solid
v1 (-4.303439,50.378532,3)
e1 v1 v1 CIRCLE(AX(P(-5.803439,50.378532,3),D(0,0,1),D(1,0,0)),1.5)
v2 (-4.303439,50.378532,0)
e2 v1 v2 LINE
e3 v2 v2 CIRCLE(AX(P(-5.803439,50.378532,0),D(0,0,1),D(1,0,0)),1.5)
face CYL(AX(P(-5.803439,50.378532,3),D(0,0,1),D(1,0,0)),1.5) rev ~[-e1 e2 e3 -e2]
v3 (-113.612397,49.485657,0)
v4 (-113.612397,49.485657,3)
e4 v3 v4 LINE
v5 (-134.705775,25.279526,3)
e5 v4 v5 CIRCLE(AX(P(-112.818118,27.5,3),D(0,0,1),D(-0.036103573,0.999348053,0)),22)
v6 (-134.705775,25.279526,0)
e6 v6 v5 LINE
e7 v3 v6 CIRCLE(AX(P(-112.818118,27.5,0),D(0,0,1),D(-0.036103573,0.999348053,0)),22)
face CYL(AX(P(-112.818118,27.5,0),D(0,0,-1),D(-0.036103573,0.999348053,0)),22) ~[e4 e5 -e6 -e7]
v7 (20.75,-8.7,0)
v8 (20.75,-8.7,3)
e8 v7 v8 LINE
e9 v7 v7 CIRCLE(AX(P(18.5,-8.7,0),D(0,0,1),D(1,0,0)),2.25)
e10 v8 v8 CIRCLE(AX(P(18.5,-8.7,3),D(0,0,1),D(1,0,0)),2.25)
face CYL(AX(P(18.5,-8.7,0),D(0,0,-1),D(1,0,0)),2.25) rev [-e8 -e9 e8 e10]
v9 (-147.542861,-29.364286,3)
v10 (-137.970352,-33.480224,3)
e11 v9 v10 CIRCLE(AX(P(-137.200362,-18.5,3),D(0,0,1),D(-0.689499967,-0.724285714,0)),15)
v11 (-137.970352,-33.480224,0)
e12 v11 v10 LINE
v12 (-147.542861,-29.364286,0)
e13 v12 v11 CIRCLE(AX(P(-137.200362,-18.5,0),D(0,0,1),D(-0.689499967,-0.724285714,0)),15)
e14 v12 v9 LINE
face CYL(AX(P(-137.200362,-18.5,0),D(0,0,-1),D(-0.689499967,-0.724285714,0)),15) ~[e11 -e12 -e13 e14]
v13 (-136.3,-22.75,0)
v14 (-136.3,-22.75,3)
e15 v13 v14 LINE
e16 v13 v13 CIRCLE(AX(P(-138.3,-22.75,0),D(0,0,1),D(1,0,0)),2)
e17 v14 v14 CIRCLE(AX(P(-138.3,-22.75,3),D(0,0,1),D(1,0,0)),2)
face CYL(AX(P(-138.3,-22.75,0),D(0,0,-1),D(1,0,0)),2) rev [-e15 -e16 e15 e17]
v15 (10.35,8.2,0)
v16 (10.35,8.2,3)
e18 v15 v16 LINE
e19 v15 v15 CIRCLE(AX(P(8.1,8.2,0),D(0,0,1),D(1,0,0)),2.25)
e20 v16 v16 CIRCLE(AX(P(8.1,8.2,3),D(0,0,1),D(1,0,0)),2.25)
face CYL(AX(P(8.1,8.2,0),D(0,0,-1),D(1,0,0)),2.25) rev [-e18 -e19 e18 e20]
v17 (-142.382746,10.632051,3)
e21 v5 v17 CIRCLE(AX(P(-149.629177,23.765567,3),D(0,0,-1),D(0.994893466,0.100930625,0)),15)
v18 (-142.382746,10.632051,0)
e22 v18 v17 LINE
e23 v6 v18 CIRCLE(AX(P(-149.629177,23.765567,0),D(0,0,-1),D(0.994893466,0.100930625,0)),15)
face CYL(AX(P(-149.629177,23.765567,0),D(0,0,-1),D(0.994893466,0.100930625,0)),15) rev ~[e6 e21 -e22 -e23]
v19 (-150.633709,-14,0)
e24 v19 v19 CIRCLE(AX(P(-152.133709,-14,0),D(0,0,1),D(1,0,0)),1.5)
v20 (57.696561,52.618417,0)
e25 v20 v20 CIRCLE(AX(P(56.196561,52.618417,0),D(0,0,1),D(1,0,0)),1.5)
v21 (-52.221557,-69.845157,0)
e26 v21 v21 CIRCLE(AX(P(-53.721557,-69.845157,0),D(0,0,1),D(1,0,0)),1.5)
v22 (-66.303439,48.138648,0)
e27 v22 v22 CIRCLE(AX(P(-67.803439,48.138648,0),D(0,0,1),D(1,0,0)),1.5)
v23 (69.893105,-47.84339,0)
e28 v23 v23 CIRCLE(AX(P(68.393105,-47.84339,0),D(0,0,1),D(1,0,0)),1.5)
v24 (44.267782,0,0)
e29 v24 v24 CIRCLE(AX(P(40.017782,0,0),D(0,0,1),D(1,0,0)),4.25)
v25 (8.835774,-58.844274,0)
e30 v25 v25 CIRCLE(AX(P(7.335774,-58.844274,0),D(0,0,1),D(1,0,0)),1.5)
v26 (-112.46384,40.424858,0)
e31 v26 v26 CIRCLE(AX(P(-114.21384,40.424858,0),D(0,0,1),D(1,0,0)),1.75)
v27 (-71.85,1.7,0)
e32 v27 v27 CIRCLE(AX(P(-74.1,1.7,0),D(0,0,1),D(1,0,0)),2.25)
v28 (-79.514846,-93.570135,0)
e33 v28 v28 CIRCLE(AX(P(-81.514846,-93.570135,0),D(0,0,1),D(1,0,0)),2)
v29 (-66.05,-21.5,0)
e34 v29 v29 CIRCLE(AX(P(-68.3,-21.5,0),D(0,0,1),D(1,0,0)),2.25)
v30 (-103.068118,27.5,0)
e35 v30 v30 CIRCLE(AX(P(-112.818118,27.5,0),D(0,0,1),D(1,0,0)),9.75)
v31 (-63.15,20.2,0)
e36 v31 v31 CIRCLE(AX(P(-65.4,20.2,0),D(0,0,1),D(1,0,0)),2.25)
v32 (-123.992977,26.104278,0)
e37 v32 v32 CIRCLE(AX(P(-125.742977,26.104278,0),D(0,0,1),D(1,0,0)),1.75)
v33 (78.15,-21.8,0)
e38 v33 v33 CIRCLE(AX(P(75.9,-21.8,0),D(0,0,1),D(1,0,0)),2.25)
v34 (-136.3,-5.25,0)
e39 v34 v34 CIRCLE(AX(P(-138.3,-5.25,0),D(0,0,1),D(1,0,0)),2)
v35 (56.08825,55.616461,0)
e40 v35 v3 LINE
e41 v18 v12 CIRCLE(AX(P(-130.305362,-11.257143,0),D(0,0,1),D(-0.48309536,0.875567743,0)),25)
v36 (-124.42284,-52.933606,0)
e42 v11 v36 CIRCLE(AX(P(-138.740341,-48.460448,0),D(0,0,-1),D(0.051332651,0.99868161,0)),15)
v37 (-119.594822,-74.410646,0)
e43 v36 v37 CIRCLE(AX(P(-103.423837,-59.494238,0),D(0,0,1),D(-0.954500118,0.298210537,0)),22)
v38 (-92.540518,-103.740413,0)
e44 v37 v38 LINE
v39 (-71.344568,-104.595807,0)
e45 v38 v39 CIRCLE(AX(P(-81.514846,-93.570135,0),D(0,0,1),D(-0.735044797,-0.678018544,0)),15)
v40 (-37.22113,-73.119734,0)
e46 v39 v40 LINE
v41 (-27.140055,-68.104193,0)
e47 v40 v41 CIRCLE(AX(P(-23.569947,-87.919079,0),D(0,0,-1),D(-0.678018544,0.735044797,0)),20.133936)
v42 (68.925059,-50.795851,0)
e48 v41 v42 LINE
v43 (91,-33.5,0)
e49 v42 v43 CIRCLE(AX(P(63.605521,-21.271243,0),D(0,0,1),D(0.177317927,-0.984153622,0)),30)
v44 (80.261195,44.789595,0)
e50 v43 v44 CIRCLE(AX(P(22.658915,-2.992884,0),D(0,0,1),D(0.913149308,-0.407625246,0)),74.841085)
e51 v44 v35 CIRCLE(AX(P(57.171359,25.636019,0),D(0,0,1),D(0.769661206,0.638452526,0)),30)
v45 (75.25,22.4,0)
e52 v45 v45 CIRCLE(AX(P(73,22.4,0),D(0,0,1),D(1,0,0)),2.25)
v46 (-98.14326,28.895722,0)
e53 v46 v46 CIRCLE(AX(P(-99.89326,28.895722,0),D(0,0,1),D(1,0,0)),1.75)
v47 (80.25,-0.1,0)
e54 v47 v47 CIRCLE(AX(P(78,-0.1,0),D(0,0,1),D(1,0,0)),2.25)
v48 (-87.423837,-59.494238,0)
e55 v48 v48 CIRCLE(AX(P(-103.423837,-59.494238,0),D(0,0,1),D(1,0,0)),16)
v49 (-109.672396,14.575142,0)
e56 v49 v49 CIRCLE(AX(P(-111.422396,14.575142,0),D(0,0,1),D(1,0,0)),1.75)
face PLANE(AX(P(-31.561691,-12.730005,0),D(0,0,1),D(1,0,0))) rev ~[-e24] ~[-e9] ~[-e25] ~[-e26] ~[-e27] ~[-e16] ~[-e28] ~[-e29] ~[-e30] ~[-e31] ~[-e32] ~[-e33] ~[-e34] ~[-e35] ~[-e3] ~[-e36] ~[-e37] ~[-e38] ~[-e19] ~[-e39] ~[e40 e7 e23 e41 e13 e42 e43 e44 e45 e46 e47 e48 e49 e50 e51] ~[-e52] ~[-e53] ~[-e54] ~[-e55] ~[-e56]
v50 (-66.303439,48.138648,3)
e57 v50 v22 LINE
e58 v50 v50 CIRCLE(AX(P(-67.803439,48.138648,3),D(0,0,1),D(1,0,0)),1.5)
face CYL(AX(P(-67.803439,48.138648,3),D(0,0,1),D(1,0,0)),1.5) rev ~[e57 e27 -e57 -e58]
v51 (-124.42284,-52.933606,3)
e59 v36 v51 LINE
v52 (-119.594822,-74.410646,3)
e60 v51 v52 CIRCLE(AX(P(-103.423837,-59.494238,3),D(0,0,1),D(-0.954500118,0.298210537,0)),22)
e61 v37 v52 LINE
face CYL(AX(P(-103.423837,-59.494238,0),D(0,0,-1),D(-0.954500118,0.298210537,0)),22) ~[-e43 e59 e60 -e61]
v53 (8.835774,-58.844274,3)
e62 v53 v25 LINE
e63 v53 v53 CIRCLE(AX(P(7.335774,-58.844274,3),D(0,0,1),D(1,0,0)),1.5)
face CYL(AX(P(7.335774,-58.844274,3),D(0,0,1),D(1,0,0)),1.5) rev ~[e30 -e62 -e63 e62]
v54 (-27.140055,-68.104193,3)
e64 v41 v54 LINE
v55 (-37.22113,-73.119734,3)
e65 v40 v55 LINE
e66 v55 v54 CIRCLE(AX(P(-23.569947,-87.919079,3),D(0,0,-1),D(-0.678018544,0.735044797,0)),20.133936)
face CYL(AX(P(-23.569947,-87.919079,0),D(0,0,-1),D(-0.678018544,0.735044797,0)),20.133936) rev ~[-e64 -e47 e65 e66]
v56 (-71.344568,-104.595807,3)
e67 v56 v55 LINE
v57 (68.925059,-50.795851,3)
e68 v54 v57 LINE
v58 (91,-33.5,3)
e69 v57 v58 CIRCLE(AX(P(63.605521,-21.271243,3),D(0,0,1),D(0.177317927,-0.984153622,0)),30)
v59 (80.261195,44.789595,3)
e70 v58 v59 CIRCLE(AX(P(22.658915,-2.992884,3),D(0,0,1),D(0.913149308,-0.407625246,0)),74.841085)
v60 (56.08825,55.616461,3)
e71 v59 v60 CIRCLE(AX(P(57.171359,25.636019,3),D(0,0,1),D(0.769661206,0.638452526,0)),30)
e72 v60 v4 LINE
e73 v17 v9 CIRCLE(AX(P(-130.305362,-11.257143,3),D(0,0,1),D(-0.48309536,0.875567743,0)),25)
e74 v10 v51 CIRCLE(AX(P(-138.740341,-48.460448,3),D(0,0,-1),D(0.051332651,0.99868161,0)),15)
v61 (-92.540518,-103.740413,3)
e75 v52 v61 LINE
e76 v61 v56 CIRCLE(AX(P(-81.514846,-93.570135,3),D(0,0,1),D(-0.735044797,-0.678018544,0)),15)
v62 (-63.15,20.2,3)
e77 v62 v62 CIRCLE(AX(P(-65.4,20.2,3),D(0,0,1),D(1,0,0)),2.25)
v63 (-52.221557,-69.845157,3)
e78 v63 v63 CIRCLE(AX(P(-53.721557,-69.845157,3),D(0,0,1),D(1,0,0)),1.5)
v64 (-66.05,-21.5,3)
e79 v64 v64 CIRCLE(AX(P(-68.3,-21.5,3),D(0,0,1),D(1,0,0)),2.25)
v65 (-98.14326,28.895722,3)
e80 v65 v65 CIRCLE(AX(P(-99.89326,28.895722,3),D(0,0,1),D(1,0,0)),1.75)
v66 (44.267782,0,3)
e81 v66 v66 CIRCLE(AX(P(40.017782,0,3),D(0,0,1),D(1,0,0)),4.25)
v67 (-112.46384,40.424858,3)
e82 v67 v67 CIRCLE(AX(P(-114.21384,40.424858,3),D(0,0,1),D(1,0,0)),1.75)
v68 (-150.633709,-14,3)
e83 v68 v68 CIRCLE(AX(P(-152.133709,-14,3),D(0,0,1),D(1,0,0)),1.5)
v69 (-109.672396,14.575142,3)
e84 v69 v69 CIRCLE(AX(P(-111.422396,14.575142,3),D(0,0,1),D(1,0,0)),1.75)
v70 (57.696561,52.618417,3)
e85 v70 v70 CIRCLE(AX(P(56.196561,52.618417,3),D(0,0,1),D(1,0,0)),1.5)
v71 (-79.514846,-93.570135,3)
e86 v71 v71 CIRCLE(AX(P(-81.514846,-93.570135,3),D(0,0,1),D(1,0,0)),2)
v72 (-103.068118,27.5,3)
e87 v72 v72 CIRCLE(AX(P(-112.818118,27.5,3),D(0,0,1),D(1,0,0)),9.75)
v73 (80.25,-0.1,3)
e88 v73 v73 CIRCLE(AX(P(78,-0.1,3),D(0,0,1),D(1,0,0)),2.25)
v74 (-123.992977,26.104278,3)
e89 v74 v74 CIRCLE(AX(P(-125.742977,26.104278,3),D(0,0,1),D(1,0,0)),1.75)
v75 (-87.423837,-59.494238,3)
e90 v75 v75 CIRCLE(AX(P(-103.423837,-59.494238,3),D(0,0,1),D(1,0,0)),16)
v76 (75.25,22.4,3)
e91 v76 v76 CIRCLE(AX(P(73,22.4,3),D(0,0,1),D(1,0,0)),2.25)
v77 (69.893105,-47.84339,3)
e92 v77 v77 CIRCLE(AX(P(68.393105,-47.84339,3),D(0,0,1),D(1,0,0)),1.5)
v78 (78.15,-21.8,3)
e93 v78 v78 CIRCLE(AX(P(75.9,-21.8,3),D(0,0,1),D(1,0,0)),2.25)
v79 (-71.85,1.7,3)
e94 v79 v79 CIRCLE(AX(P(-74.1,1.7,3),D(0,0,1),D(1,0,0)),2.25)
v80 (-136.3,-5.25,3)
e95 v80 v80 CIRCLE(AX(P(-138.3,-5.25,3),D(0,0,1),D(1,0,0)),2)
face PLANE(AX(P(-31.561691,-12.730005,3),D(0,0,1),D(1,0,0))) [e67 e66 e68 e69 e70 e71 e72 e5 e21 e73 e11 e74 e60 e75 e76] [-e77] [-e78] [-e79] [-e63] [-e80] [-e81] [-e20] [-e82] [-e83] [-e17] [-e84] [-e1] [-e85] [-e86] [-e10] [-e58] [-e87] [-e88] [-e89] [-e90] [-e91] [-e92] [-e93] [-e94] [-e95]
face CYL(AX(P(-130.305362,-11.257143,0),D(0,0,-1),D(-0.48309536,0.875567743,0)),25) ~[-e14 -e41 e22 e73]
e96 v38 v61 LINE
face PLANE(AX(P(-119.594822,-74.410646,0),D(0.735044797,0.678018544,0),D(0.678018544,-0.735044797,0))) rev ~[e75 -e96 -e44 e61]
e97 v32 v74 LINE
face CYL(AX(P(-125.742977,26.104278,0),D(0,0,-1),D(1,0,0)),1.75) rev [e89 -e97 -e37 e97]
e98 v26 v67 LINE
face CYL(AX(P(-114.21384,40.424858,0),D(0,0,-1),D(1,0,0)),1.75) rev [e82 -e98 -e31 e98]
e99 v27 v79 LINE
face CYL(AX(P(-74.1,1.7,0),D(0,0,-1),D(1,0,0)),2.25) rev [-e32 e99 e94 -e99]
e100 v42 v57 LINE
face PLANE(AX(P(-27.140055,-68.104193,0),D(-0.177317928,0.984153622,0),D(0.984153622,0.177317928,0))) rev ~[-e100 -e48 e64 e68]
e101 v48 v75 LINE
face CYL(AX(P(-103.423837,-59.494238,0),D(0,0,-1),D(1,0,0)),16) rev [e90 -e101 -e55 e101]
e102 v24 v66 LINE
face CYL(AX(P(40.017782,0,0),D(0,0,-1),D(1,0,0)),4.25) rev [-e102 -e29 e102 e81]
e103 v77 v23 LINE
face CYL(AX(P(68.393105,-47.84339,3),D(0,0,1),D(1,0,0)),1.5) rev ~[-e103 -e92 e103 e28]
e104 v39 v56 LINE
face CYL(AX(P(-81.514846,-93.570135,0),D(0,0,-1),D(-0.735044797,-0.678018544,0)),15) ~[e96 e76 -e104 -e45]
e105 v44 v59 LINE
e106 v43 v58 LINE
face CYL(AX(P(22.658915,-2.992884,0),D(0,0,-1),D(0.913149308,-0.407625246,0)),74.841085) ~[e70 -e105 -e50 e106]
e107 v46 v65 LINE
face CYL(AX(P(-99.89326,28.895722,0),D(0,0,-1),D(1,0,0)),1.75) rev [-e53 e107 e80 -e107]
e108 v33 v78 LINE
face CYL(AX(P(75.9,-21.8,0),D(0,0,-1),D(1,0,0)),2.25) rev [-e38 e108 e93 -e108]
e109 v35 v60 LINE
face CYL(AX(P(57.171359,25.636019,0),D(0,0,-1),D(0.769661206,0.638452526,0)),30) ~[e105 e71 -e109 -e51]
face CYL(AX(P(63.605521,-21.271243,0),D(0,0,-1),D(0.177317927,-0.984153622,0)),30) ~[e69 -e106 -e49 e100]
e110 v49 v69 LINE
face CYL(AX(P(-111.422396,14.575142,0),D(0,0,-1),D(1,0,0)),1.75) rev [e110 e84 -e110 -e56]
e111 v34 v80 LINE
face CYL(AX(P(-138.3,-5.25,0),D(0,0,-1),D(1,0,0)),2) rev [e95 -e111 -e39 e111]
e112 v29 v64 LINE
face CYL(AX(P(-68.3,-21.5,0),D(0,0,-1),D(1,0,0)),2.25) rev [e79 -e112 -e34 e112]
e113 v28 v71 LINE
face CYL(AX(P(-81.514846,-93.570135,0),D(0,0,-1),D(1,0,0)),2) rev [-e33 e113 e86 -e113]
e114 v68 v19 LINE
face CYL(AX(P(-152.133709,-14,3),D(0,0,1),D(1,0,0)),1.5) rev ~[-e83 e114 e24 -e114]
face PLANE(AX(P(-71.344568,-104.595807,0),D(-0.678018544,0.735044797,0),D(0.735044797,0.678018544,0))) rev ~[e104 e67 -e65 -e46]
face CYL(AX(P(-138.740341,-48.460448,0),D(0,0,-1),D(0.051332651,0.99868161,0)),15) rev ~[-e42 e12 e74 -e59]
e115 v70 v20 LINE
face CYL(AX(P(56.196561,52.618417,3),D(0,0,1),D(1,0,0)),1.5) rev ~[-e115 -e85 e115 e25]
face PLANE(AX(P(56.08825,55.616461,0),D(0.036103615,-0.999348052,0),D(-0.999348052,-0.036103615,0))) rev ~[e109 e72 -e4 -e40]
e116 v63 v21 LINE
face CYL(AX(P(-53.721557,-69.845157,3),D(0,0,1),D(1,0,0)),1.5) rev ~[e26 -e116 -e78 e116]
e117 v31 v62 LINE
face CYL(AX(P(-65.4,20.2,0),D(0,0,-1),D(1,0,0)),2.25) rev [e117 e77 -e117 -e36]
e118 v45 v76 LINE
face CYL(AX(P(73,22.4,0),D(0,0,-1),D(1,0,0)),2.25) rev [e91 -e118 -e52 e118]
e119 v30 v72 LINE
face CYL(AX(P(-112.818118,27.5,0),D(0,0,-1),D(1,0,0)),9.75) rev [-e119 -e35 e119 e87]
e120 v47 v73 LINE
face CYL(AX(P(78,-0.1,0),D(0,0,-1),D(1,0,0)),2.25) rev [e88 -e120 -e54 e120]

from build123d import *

# Parameters (mm, degrees)
SKETCH1_R           = 2
SKETCH1_R_2         = 16
SKETCH1_R_3         = 2.25
SKETCH1_R_4         = 4.25
SKETCH1_R_5         = 1.75
SKETCH1_R_6         = 9.75
BOSS_EXTRUDE1_DEPTH = 3
SKETCH2_R           = 1.5
CUT_EXTRUDE1_DEPTH  = 190.515777006


with BuildPart() as part:
    # Sketch1 → Boss-Extrude1 (new body)
    with BuildSketch(Plane.XY):
        with BuildLine():
            ThreePointArc((-137.970351553, -33.480224156), (-126.431132561, -39.888203569), (-124.422839539, -52.93360637))
            ThreePointArc((-124.422839539, -52.93360637), (-124.888175134, -64.31939994), (-119.594822483, -74.410646153))
            Line((-119.594822483, -74.410646153), (-92.540517723, -103.740413224))
            ThreePointArc((-92.540517723, -103.740413224), (-82.119700521, -108.557935129), (-71.344567605, -104.595807028))
            Line((-71.344567605, -104.595807028), (-37.221129556, -73.119733925))
            ThreePointArc((-37.221129556, -73.119733925), (-32.538343047, -69.892896145), (-27.140055215, -68.104192696))
            Line((-27.140055215, -68.104192696), (68.925058584, -50.795851294))
            ThreePointArc((68.925058584, -50.795851294), (82.107908339, -44.886103489), (91, -33.5))
            ThreePointArc((91, -33.5), (96.805715124, 7.17766304), (80.26119478, 44.789595257))
            ThreePointArc((80.26119478, 44.789595257), (69.434281248, 53.01522195), (56.08825014, 55.616461034))
            Line((56.08825014, 55.616461034), (-113.612396892, 49.485657177))
            ThreePointArc((-113.612396892, 49.485657177), (-129.404309407, 41.953313258), (-134.705774542, 25.279526249))
            ThreePointArc((-134.705774542, 25.279526249), (-136.343375771, 16.802270376), (-142.382746132, 10.632050724))
            ThreePointArc((-142.382746132, 10.632050724), (-155.099864059, -8.058287742), (-147.542861296, -29.364285714))
            ThreePointArc((-147.542861296, -29.364285714), (-143.125485566, -32.280163581), (-137.970351553, -33.480224156))
        make_face()
        with Locations((-81.514845762, -93.570135067)):
            Circle(SKETCH1_R, mode=Mode.SUBTRACT)
        with Locations((-103.42383694, -59.494238188)):
            Circle(SKETCH1_R_2, mode=Mode.SUBTRACT)
        with Locations((-138.3, -22.75)):
            Circle(SKETCH1_R, mode=Mode.SUBTRACT)
        with Locations((-138.3, -5.25)):
            Circle(SKETCH1_R, mode=Mode.SUBTRACT)
        with Locations((-68.3, -21.5)):
            Circle(SKETCH1_R_3, mode=Mode.SUBTRACT)
        with Locations((-74.1, 1.7)):
            Circle(SKETCH1_R_3, mode=Mode.SUBTRACT)
        with Locations((-65.4, 20.2)):
            Circle(SKETCH1_R_3, mode=Mode.SUBTRACT)
        with Locations((18.5, -8.7)):
            Circle(SKETCH1_R_3, mode=Mode.SUBTRACT)
        with Locations((8.1, 8.2)):
            Circle(SKETCH1_R_3, mode=Mode.SUBTRACT)
        with Locations((75.9, -21.8)):
            Circle(SKETCH1_R_3, mode=Mode.SUBTRACT)
        with Locations((40.017782272, 0)):
            Circle(SKETCH1_R_4, mode=Mode.SUBTRACT)
        with Locations((78, -0.1)):
            Circle(SKETCH1_R_3, mode=Mode.SUBTRACT)
        with Locations((73, 22.4)):
            Circle(SKETCH1_R_3, mode=Mode.SUBTRACT)
        with Locations((-114.213840088, 40.424858245)):
            Circle(SKETCH1_R_5, mode=Mode.SUBTRACT)
        with Locations((-111.422396488, 14.575141755)):
            Circle(SKETCH1_R_5, mode=Mode.SUBTRACT)
        with Locations((-125.742976533, 26.1042782)):
            Circle(SKETCH1_R_5, mode=Mode.SUBTRACT)
        with Locations((-112.818118288, 27.5)):
            Circle(SKETCH1_R_6, mode=Mode.SUBTRACT)
        with Locations((-99.893260043, 28.8957218)):
            Circle(SKETCH1_R_5, mode=Mode.SUBTRACT)
    extrude(amount=BOSS_EXTRUDE1_DEPTH)

    # Sketch2 → Cut-Extrude1 (cut, through all)
    with BuildSketch(Plane.XY.offset(3)):
        with Locations((56.196560986, 52.618416878)):
            Circle(SKETCH2_R)
        with Locations((-5.803439014, 50.378532436)):
            Circle(SKETCH2_R)
        with Locations((-67.803439014, 48.138647993)):
            Circle(SKETCH2_R)
        with Locations((68.393104802, -47.843390427)):
            Circle(SKETCH2_R)
        with Locations((7.335774003, -58.84427394)):
            Circle(SKETCH2_R)
        with Locations((-152.133709173, -14)):
            Circle(SKETCH2_R)
        with Locations((-53.721556796, -69.845157453)):
            Circle(SKETCH2_R)
    extrude(amount=-CUT_EXTRUDE1_DEPTH, mode=Mode.SUBTRACT)


solid = part.part
